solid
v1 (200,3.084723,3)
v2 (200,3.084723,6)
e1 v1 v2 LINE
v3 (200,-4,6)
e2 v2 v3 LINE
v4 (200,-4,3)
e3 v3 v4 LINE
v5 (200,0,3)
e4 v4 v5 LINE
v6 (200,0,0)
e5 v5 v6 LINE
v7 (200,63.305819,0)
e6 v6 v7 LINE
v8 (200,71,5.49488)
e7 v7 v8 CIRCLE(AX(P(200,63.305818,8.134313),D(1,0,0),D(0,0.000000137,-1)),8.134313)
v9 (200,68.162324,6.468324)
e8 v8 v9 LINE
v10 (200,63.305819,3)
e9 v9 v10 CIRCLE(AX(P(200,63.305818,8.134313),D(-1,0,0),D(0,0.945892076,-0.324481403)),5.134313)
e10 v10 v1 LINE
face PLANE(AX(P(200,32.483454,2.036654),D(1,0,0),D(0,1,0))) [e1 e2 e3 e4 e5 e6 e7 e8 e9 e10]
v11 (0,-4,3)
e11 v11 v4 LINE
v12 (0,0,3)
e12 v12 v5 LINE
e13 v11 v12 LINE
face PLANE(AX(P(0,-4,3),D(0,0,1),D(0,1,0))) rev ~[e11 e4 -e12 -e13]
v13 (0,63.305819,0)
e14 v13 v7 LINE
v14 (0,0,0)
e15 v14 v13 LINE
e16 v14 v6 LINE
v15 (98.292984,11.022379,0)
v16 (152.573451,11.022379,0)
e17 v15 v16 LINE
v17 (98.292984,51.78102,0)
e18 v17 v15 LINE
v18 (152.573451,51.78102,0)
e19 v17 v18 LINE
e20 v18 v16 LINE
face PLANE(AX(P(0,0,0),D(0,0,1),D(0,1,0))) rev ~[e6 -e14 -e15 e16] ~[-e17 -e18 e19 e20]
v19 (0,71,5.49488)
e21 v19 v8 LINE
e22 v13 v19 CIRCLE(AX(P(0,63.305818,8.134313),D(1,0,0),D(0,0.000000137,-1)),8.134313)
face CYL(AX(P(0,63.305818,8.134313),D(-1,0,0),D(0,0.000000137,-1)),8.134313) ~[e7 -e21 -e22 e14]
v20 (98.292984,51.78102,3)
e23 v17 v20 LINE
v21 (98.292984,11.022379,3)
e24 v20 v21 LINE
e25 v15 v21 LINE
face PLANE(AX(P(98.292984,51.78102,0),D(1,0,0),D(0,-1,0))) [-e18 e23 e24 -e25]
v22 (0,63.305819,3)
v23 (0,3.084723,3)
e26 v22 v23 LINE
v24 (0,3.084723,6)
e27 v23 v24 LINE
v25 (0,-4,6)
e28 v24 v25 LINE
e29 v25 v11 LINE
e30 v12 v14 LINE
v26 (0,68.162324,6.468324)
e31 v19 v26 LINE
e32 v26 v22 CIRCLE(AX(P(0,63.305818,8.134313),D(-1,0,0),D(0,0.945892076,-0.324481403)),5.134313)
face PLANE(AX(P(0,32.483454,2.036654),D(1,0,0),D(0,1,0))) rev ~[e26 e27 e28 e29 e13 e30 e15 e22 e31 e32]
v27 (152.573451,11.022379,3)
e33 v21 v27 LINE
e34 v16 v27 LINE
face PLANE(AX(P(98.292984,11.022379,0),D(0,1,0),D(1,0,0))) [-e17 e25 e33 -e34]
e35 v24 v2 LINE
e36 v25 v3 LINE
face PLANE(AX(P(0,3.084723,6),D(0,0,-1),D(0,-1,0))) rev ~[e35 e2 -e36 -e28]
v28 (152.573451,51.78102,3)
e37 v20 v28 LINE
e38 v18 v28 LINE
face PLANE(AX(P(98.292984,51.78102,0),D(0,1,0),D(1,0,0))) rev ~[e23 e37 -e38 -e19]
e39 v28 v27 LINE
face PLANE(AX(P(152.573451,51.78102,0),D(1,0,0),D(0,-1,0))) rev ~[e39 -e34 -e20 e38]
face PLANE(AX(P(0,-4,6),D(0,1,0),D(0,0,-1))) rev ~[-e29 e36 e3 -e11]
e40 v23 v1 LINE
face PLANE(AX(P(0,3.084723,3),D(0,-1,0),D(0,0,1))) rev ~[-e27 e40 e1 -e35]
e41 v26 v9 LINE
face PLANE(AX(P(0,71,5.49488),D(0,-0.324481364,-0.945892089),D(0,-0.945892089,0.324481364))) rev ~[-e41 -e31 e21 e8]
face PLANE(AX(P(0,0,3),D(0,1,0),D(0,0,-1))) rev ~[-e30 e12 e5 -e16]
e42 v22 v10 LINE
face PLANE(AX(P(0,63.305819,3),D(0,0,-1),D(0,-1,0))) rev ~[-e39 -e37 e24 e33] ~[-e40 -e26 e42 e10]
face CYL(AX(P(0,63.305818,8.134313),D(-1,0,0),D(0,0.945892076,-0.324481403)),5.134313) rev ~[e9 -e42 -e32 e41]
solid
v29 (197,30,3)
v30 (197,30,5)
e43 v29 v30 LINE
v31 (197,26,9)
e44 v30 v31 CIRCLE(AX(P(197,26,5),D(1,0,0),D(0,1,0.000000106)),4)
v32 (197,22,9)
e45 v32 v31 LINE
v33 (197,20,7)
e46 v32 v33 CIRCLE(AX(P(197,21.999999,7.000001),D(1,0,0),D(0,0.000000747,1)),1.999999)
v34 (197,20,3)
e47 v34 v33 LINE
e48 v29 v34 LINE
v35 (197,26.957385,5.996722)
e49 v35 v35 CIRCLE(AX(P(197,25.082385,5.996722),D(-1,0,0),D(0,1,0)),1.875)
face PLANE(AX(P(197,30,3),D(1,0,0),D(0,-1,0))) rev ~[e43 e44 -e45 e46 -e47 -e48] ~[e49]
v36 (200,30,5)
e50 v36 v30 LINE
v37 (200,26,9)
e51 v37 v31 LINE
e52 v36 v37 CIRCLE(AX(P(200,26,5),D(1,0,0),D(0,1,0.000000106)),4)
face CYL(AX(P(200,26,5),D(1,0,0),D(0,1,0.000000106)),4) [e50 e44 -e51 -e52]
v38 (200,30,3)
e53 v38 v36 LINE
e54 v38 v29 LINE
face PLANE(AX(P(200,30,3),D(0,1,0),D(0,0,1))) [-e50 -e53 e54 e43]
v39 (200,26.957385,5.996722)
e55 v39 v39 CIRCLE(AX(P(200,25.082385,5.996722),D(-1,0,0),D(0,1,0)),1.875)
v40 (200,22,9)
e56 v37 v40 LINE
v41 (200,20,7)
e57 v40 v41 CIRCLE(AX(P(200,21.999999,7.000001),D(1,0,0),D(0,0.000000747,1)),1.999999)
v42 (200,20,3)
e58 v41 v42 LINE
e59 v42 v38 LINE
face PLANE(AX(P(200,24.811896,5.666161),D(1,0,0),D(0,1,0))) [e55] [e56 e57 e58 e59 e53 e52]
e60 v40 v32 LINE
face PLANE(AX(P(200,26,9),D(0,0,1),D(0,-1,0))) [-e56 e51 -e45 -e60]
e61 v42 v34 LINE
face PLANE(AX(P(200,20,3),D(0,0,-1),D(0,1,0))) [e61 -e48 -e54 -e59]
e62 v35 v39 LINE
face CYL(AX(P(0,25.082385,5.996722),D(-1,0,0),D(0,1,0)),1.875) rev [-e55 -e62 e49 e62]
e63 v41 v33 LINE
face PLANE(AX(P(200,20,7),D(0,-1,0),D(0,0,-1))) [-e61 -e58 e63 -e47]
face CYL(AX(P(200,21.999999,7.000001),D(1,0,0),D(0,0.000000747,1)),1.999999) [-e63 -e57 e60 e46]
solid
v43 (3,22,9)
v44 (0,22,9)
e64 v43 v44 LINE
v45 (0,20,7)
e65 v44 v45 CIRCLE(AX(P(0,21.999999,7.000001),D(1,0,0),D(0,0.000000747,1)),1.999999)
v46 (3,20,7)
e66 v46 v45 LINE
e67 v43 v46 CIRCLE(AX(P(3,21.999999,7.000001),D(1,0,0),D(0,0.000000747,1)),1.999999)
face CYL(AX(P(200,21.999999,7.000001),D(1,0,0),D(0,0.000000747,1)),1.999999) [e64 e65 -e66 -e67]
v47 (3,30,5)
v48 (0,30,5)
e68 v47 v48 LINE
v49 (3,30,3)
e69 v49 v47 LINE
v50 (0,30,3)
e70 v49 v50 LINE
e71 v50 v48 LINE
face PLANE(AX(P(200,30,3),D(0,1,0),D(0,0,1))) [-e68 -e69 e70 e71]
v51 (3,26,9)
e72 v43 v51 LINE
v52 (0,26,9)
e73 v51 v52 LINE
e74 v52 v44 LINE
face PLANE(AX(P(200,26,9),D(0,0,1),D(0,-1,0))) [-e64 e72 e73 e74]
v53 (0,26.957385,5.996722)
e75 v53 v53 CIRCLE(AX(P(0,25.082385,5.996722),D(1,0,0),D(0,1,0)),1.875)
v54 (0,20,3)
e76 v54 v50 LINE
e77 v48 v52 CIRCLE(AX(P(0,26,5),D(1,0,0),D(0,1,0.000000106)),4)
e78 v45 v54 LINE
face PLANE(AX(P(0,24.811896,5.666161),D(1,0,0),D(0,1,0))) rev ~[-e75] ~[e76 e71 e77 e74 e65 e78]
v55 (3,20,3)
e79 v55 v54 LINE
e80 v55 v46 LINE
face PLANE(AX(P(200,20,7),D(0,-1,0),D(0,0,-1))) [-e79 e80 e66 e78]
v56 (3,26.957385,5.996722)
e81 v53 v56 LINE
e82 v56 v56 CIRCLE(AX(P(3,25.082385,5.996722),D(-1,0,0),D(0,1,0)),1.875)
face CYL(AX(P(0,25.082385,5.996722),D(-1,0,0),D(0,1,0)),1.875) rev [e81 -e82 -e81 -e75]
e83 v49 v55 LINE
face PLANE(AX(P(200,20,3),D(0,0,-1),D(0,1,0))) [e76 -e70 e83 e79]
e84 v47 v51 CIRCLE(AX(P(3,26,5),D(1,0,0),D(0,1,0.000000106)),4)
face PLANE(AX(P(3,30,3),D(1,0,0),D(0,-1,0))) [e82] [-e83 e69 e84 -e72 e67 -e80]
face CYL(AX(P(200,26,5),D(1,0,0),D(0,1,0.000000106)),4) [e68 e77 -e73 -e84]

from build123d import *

# Parameters (mm, degrees)
F1_DEPTH = 200
F4_DEPTH = 200
F3_R     = 1.875
F5_DEPTH = 200.001
F6_W     = 194
F6_H     = 10
F7_DEPTH = 25
F8_W     = 54.280467
F8_H     = 40.758641
F9_DEPTH = 9.001


with BuildPart() as f1:
    # F0 (on Right) → F1 (new body)
    with BuildSketch(Plane.YZ):
        with BuildLine():
            Line((63.305819, 3), (3.084723, 3))
            Line((3.084723, 3), (3.084723, 6))
            Line((3.084723, 6), (-4, 6))
            Line((-4, 6), (-4, 3))
            Line((-4, 3), (0, 3))
            Line((0, 3), (0, 0))
            Line((0, 0), (63.305819, 0))
            ThreePointArc((63.305819, 0), (68.033242, 1.514758), (71, 5.49488))
            Line((71, 5.49488), (68.162324, 6.468324))
            ThreePointArc((68.162324, 6.468324), (66.28973, 3.956103), (63.305819, 3))
        make_face()
    extrude(amount=F1_DEPTH)

    # F8 (on face) → F9 (cut, through all)
    with BuildSketch(Plane(origin=(0, 0, 0), x_dir=(1, 0, 0), z_dir=(0, 0, -1))):
        with Locations((125.433217, -31.4017)):
            Rectangle(F8_W, F8_H)
    extrude(amount=-F9_DEPTH, mode=Mode.SUBTRACT)


with BuildPart() as f4:
    # F2 (on face) → F4 (new body)
    with BuildSketch(Plane.YZ.offset(200)):
        with BuildLine():
            Line((20, 7), (20, 3))
            Line((20, 3), (30, 3))
            Line((30, 3), (30, 5))
            ThreePointArc((30, 5), (28.828427, 7.828427), (26, 9))
            Line((26, 9), (22, 9))
            ThreePointArc((22, 9), (20.585786, 8.414214), (20, 7))
        make_face()
    extrude(amount=-F4_DEPTH)

    # F3 (on Right) → F5 (cut, through all)
    with BuildSketch(Plane.YZ):
        with Locations((25.082385, 5.996722)):
            Circle(F3_R)
    extrude(amount=F5_DEPTH, mode=Mode.SUBTRACT)

    # F6 (on face) → F7 (cut)
    with BuildSketch(Plane(origin=(0, 0, 3), x_dir=(1, 0, 0), z_dir=(0, 0, -1))):
        with Locations((100, -25)):
            Rectangle(F6_W, F6_H)
    extrude(amount=-F7_DEPTH, mode=Mode.SUBTRACT)


solid = Compound([f1.part, f4.part])
